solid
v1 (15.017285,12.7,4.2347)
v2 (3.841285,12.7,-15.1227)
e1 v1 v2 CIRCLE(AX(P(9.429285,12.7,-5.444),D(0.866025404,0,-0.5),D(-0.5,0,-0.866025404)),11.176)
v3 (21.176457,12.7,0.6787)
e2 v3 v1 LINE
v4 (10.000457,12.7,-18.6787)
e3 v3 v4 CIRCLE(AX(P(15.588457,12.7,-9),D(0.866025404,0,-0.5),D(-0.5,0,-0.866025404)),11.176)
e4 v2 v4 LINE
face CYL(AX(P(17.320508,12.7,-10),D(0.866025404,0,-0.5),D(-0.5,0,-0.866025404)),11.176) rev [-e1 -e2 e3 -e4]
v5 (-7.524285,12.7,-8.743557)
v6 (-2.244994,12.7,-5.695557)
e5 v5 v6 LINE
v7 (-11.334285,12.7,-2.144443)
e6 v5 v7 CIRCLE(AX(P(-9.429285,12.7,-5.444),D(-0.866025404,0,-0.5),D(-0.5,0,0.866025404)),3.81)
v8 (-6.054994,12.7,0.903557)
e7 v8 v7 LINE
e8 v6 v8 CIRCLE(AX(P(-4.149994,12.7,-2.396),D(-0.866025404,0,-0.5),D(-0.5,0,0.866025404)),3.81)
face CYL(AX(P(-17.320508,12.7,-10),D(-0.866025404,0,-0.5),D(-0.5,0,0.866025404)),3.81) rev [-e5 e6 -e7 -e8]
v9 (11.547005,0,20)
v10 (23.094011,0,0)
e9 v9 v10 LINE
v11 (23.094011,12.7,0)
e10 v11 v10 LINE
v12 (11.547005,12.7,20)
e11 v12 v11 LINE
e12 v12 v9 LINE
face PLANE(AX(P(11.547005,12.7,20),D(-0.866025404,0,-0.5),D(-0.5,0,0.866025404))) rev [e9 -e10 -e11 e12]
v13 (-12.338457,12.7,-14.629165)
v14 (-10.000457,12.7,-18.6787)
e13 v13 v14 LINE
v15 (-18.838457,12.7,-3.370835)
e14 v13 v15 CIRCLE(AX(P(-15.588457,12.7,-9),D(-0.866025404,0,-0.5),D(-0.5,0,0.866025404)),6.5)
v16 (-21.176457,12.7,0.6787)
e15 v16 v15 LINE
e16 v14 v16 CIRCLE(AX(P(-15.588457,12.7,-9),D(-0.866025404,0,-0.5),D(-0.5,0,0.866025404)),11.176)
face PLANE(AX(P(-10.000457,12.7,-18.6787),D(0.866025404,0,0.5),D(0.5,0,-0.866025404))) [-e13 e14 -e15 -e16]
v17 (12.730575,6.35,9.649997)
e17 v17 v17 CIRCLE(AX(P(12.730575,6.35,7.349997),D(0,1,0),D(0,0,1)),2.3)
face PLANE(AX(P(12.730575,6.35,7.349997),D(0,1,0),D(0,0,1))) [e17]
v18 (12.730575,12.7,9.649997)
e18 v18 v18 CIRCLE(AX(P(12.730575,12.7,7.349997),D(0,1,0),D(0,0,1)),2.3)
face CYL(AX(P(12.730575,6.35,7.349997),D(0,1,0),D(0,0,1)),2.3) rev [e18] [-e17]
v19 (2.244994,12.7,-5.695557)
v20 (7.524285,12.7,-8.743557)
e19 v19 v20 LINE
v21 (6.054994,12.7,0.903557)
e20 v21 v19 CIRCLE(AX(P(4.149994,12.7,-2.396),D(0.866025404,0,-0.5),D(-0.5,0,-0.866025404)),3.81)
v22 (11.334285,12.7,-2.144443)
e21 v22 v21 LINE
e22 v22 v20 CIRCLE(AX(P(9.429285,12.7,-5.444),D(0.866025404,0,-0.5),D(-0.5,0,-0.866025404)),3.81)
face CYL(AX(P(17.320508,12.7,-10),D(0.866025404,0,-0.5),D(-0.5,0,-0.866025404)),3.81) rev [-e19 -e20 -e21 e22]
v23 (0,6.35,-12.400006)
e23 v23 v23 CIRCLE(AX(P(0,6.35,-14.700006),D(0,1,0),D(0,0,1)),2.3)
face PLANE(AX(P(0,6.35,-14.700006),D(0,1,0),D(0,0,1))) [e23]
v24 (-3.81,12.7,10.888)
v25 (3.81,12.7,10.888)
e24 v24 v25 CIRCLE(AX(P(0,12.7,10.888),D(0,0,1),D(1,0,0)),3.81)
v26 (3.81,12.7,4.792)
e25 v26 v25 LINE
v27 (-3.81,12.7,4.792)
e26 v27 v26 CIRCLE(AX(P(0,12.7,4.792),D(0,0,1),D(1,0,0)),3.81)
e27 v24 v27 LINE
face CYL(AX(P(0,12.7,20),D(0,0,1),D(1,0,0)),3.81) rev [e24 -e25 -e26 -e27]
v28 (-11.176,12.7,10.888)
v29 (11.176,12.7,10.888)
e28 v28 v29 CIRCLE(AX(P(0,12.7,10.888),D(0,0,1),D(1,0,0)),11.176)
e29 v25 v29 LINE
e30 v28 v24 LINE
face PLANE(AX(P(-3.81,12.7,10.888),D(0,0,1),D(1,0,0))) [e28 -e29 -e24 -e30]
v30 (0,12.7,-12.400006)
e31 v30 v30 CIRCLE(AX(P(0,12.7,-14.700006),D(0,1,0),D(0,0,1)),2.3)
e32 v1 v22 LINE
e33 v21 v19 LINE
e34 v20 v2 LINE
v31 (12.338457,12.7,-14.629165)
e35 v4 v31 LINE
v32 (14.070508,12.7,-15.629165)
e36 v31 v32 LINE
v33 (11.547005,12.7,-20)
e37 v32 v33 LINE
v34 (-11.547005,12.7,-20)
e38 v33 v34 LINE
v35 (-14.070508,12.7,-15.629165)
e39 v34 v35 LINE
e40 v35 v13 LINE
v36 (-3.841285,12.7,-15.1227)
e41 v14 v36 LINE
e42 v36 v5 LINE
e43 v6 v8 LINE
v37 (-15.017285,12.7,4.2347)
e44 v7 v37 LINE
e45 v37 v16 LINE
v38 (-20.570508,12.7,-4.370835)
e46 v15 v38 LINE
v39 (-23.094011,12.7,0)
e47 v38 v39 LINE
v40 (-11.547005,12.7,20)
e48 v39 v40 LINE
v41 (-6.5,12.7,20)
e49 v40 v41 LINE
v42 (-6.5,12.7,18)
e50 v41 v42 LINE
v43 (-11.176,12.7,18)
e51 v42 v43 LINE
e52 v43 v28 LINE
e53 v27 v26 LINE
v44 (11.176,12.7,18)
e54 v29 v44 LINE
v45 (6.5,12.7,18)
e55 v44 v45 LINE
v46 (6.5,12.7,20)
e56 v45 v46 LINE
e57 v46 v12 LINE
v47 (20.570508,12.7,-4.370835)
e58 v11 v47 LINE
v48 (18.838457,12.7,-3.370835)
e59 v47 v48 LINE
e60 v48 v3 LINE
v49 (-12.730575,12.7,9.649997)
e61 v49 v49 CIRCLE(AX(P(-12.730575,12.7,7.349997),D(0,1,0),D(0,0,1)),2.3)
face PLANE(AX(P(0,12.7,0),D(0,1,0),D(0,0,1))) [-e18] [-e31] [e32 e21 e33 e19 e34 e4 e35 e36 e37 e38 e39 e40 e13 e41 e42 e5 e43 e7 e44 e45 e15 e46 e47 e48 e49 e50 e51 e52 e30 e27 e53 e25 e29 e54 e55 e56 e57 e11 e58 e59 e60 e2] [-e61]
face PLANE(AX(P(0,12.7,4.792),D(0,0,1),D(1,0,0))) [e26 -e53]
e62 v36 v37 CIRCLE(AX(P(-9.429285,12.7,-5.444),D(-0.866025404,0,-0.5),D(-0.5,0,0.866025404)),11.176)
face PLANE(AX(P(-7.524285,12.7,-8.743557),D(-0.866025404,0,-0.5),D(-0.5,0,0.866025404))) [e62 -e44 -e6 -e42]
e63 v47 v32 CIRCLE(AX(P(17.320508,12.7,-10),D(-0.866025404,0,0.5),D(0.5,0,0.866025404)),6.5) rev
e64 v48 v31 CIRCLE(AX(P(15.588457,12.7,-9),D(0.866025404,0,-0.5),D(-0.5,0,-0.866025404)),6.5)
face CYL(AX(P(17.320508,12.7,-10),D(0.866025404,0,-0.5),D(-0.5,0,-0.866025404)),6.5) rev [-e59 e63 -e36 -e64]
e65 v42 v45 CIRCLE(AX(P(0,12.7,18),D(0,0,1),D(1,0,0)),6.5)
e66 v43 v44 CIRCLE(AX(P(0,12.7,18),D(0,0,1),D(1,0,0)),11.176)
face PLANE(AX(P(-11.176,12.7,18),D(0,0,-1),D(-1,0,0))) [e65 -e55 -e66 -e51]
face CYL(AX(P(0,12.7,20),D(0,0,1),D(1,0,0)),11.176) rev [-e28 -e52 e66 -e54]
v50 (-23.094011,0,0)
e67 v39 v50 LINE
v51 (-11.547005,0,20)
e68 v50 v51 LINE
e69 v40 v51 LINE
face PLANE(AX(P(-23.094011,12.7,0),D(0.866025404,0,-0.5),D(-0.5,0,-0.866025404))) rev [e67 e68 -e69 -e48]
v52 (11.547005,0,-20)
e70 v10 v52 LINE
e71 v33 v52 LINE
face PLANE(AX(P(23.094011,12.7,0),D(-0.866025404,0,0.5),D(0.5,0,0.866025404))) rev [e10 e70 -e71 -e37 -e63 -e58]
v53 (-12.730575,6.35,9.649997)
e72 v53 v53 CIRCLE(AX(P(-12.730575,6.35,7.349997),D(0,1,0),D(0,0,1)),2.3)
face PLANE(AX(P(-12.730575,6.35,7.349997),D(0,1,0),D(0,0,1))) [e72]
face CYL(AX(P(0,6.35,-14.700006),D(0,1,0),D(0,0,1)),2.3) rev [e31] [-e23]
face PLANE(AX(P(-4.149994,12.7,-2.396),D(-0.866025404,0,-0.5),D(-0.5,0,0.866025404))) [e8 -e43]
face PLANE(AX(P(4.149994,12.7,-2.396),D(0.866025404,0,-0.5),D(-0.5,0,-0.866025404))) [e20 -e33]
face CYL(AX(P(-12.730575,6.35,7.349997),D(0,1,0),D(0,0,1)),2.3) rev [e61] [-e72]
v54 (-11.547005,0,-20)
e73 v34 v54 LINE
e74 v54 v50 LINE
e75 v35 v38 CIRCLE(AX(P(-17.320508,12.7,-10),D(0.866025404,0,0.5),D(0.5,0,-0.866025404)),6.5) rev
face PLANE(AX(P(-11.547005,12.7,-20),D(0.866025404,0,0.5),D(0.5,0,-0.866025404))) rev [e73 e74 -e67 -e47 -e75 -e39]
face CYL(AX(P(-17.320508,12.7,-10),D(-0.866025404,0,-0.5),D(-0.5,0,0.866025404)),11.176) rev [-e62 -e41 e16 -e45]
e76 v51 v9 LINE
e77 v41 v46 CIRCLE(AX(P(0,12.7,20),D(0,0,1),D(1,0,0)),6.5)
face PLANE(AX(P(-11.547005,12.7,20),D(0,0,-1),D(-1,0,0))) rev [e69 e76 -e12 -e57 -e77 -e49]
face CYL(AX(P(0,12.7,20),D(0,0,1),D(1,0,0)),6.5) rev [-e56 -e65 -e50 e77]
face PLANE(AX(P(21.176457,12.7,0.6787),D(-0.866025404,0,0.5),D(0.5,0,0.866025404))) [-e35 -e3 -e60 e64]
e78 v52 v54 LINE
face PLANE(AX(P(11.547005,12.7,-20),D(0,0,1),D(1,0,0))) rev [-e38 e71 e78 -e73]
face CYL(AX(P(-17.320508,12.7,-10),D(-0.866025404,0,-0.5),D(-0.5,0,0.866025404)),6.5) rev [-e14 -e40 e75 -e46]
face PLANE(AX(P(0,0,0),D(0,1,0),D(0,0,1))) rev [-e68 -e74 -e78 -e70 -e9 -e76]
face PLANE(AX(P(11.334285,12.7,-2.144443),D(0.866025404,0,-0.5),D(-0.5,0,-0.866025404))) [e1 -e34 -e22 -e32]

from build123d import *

# Parameters (mm, degrees)
BOSS_EXTRUDE1_DEPTH = 12.7
CIRPATTERN1_COUNT   = 3
SKETCH7_R           = 2.3
CUT_EXTRUDE2_DEPTH  = 6.35


with BuildPart() as part:
    # Sketch1 → Boss-Extrude1 (new body)
    with BuildSketch(Plane(origin=(0, 0, 0), x_dir=(1, 0, 0), z_dir=(0, 1, 0))):
        Polygon((11.547005384, -20), (23.094010768, 0), (11.547005384, 20), (-11.547005384, 20), (-23.094010768, 0), (-11.547005384, -20), align=None)
    extrude(amount=BOSS_EXTRUDE1_DEPTH)

    # Sketch5 → Cut-Revolve1 (revolve, cut)
    with BuildSketch(Plane(origin=(0, 12.7, 0), x_dir=(1, 0, 0), z_dir=(0, 1, 0))):
        Polygon((0, -20), (0, -4.792), (-3.81, -4.792), (-3.81, -10.888), (-11.176, -10.888), (-11.176, -18), (-6.5, -18), (-6.5, -20), align=None)
    cut_revolve1 = revolve(axis=Axis((0, 12.7, 20), (0, 0, -1)), mode=Mode.SUBTRACT)

    # CirPattern1: Cut-Revolve1 ×3 about axis
    cirpattern1_axis = Axis((0, -0.635, 0), (0, 1, 0))
    for i in range(1, CIRPATTERN1_COUNT):
        add(cut_revolve1.rotate(cirpattern1_axis, i * 360 / CIRPATTERN1_COUNT), mode=Mode.SUBTRACT)

    # Sketch7 → Cut-Extrude2 (cut)
    with BuildSketch(Plane(origin=(0, 12.7, 0), x_dir=(1, 0, 0), z_dir=(0, 1, 0))):
        with Locations((0, 14.700006)):
            Circle(SKETCH7_R)
        with Locations((12.730575168, -7.349997)):
            Circle(SKETCH7_R)
        with Locations((-12.730575168, -7.349997)):
            Circle(SKETCH7_R)
    extrude(amount=-CUT_EXTRUDE2_DEPTH, mode=Mode.SUBTRACT)


solid = part.part
